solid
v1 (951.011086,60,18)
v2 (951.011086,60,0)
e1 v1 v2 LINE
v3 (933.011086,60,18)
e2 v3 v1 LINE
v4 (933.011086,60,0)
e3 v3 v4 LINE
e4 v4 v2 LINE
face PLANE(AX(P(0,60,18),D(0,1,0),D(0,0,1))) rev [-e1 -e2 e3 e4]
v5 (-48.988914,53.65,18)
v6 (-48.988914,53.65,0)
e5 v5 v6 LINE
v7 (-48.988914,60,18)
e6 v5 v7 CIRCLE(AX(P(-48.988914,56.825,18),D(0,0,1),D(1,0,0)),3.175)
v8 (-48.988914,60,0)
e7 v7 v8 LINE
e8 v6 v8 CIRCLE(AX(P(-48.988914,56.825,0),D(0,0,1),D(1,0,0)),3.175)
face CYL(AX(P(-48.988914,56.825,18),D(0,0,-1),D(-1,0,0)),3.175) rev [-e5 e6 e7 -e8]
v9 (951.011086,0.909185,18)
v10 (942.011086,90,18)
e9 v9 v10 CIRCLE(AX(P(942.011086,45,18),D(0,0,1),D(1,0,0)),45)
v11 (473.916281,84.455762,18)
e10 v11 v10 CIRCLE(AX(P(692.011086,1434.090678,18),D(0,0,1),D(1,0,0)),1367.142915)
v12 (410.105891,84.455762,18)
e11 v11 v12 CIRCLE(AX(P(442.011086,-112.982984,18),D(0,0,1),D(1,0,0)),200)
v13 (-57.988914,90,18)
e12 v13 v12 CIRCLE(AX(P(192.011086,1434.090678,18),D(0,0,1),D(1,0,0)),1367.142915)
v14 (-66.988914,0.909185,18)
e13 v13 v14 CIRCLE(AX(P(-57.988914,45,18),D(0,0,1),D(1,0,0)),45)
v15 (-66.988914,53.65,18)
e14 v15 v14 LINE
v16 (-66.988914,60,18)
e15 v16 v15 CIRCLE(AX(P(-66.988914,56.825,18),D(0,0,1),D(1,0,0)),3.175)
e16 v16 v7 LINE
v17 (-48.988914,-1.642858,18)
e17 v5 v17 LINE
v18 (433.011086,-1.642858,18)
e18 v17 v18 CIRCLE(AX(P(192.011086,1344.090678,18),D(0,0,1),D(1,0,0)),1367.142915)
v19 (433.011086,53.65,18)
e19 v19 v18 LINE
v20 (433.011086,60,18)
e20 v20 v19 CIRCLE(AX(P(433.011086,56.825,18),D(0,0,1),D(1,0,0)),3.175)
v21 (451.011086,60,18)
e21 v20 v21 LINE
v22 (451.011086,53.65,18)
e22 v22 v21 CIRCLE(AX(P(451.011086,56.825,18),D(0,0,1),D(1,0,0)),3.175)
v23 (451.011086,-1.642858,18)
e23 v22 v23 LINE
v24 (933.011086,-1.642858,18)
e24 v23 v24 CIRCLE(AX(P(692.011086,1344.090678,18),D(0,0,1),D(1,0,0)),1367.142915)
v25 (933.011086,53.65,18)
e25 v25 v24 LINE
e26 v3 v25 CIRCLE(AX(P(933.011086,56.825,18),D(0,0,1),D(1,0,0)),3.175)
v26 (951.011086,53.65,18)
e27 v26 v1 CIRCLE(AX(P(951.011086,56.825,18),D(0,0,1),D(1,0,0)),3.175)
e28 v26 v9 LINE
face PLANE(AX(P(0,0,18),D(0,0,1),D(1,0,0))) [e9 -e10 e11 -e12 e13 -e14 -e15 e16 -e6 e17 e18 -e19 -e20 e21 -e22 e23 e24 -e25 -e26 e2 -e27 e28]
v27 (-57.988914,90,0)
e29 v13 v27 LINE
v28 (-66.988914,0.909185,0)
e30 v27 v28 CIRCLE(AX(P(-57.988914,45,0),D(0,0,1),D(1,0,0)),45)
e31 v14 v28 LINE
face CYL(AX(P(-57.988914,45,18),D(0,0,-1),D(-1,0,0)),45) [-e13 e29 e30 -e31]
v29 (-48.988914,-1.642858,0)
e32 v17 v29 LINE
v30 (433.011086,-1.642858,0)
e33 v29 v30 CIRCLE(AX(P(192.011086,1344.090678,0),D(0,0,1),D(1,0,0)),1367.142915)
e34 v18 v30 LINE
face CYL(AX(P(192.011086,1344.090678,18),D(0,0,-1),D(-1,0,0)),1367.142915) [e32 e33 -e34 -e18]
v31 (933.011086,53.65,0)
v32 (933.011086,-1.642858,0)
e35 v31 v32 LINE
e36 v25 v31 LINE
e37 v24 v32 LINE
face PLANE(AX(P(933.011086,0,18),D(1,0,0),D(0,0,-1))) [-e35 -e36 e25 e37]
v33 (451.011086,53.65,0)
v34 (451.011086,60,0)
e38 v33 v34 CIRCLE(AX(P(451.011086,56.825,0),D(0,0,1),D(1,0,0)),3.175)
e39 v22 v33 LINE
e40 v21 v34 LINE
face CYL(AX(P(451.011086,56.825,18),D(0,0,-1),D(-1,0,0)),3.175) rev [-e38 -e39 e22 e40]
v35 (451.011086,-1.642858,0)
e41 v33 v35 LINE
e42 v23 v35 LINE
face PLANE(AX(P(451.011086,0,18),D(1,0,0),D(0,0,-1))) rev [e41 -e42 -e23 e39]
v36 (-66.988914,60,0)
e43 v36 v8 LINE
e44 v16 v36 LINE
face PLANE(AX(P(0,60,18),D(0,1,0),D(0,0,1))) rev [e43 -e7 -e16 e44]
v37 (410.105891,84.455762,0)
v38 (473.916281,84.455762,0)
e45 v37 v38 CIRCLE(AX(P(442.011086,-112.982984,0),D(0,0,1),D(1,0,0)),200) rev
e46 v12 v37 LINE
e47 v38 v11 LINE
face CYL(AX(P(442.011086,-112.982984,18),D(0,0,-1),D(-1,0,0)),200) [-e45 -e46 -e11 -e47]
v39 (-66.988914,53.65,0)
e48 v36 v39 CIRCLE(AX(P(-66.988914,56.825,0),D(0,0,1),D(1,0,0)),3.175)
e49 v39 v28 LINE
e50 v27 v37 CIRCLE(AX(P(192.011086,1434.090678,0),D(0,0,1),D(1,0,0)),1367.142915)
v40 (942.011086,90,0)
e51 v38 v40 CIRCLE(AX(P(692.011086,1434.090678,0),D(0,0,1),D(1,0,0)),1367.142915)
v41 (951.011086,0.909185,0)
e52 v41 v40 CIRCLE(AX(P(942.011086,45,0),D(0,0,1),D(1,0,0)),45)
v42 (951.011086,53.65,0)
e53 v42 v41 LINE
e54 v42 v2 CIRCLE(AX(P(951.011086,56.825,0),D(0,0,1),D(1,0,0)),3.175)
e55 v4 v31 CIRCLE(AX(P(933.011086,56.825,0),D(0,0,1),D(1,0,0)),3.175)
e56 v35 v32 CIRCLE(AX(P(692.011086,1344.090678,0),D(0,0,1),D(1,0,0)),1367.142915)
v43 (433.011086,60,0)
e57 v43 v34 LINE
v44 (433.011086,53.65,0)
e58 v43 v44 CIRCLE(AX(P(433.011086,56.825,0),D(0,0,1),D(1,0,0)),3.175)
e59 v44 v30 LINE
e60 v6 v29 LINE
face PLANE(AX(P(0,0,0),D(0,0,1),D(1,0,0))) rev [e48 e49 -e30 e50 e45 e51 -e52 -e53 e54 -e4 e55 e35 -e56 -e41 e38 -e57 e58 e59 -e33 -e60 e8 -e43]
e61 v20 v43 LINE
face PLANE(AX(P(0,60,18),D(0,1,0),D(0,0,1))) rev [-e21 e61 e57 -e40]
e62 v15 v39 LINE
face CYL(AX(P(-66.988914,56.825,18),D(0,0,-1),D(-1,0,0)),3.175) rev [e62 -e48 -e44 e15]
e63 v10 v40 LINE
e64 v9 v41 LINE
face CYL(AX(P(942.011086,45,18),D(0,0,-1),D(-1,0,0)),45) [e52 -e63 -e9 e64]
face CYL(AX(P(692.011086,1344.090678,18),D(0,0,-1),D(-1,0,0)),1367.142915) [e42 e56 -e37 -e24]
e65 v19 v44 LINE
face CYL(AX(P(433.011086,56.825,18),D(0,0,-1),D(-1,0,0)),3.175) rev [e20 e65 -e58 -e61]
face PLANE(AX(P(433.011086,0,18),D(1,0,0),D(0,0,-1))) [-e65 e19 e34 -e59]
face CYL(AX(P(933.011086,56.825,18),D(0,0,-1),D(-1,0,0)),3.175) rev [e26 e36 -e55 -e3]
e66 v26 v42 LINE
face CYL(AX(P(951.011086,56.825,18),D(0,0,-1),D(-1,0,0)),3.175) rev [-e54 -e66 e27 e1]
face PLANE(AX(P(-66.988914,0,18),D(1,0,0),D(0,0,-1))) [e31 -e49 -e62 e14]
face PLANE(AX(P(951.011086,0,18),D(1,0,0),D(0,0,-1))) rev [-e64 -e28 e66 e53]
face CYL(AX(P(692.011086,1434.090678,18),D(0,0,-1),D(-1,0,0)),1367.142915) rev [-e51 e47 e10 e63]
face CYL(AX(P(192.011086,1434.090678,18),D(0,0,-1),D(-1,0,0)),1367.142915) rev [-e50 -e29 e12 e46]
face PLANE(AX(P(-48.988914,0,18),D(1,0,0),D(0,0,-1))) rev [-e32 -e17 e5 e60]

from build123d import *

# Parameters (mm, degrees)
ESTRUSIONE_ESTRUSIONE1_DEPTH = 18
RACCORDO1_R                  = 200


with BuildPart() as part:
    # Schizzo1 → Estrusione-Estrusione1 (new body)
    with BuildSketch(Plane.XY):
        with BuildLine():
            ThreePointArc((-66.988913829, 53.65), (-70.163913829, 56.825), (-66.988913829, 60))
            Line((-66.988913829, 60), (-48.988913829, 60))
            ThreePointArc((-48.988913829, 60), (-45.813913829, 56.825), (-48.988913829, 53.65))
            Line((-48.988913829, 53.65), (-48.988913829, 0.90918463))
            ThreePointArc((-48.988913829, 0.90918463), (-23.132063713, 16.539501058), (-12.988913829, 45))
            ThreePointArc((-12.988913829, 45), (-21.036068748, 70.680483648), (-42.299457846, 87.176308171))
            ThreePointArc((-42.299457846, 87.176308171), (-50.148301569, 88.565285591), (-57.988913829, 90))
            ThreePointArc((-57.988913829, 90), (-102.761040714, 49.52290329), (-66.988913829, 0.90918463))
            Line((-66.988913829, 0.90918463), (-66.988913829, 53.65))
        make_face()
        with BuildLine():
            ThreePointArc((-12.988913829, 45), (-23.132063713, 16.539501058), (-48.988913829, 0.90918463))
            Line((-48.988913829, 0.90918463), (-48.988913829, -1.642858287))
            ThreePointArc((-48.988913829, -1.642858287), (192.011086171, -23.052237245), (433.011086171, -1.642858287))
            Line((433.011086171, -1.642858287), (433.011086171, 0.90918463))
            ThreePointArc((433.011086171, 0.90918463), (397.145771503, 41.520985802), (426.321630188, 87.176308171))
            ThreePointArc((426.321630188, 87.176308171), (192.011086171, 66.947762755), (-42.299457846, 87.176308171))
            ThreePointArc((-42.299457846, 87.176308171), (-21.036068748, 70.680483648), (-12.988913829, 45))
        make_face()
        with BuildLine():
            ThreePointArc((442.011086171, 90), (434.17047391, 88.565285591), (426.321630188, 87.176308171))
            ThreePointArc((426.321630188, 87.176308171), (397.145771503, 41.520985802), (433.011086171, 0.90918463))
            Line((433.011086171, 0.90918463), (433.011086171, 53.65))
            ThreePointArc((433.011086171, 53.65), (429.836086171, 56.825), (433.011086171, 60))
            Line((433.011086171, 60), (451.011086171, 60))
            ThreePointArc((451.011086171, 60), (454.186086171, 56.825), (451.011086171, 53.65))
            Line((451.011086171, 53.65), (451.011086171, 0.90918463))
            ThreePointArc((451.011086171, 0.90918463), (476.867936287, 16.539501058), (487.011086171, 45))
            ThreePointArc((487.011086171, 45), (478.963931252, 70.680483648), (457.700542154, 87.176308171))
            ThreePointArc((457.700542154, 87.176308171), (449.851698431, 88.565285591), (442.011086171, 90))
        make_face()
        with BuildLine():
            ThreePointArc((487.011086171, 45), (476.867936287, 16.539501058), (451.011086171, 0.90918463))
            Line((451.011086171, 0.90918463), (451.011086171, -1.642858287))
            ThreePointArc((451.011086171, -1.642858287), (692.011086171, -23.052237245), (933.011086171, -1.642858287))
            Line((933.011086171, -1.642858287), (933.011086171, 0.90918463))
            ThreePointArc((933.011086171, 0.90918463), (897.145771503, 41.520985802), (926.321630188, 87.176308171))
            ThreePointArc((926.321630188, 87.176308171), (692.011086171, 66.947762755), (457.700542154, 87.176308171))
            ThreePointArc((457.700542154, 87.176308171), (478.963931252, 70.680483648), (487.011086171, 45))
        make_face()
        with BuildLine():
            ThreePointArc((942.011086171, 90), (934.17047391, 88.565285591), (926.321630188, 87.176308171))
            ThreePointArc((926.321630188, 87.176308171), (897.145771503, 41.520985802), (933.011086171, 0.90918463))
            Line((933.011086171, 0.90918463), (933.011086171, 53.65))
            ThreePointArc((933.011086171, 53.65), (929.836086171, 56.825), (933.011086171, 60))
            Line((933.011086171, 60), (951.011086171, 60))
            ThreePointArc((951.011086171, 60), (954.186086171, 56.825), (951.011086171, 53.65))
            Line((951.011086171, 53.65), (951.011086171, 0.90918463))
            ThreePointArc((951.011086171, 0.90918463), (976.867936287, 16.539501058), (987.011086171, 45))
            ThreePointArc((987.011086171, 45), (973.830891324, 76.819805153), (942.011086171, 90))
        make_face()
    extrude(amount=ESTRUSIONE_ESTRUSIONE1_DEPTH)

    # Raccordo1
    raccordo1_edges = [part.edges().sort_by_distance(p)[0] for p in [
        (442.011086171, 90, 9),
    ]]
    fillet(raccordo1_edges, radius=RACCORDO1_R)


solid = part.part
